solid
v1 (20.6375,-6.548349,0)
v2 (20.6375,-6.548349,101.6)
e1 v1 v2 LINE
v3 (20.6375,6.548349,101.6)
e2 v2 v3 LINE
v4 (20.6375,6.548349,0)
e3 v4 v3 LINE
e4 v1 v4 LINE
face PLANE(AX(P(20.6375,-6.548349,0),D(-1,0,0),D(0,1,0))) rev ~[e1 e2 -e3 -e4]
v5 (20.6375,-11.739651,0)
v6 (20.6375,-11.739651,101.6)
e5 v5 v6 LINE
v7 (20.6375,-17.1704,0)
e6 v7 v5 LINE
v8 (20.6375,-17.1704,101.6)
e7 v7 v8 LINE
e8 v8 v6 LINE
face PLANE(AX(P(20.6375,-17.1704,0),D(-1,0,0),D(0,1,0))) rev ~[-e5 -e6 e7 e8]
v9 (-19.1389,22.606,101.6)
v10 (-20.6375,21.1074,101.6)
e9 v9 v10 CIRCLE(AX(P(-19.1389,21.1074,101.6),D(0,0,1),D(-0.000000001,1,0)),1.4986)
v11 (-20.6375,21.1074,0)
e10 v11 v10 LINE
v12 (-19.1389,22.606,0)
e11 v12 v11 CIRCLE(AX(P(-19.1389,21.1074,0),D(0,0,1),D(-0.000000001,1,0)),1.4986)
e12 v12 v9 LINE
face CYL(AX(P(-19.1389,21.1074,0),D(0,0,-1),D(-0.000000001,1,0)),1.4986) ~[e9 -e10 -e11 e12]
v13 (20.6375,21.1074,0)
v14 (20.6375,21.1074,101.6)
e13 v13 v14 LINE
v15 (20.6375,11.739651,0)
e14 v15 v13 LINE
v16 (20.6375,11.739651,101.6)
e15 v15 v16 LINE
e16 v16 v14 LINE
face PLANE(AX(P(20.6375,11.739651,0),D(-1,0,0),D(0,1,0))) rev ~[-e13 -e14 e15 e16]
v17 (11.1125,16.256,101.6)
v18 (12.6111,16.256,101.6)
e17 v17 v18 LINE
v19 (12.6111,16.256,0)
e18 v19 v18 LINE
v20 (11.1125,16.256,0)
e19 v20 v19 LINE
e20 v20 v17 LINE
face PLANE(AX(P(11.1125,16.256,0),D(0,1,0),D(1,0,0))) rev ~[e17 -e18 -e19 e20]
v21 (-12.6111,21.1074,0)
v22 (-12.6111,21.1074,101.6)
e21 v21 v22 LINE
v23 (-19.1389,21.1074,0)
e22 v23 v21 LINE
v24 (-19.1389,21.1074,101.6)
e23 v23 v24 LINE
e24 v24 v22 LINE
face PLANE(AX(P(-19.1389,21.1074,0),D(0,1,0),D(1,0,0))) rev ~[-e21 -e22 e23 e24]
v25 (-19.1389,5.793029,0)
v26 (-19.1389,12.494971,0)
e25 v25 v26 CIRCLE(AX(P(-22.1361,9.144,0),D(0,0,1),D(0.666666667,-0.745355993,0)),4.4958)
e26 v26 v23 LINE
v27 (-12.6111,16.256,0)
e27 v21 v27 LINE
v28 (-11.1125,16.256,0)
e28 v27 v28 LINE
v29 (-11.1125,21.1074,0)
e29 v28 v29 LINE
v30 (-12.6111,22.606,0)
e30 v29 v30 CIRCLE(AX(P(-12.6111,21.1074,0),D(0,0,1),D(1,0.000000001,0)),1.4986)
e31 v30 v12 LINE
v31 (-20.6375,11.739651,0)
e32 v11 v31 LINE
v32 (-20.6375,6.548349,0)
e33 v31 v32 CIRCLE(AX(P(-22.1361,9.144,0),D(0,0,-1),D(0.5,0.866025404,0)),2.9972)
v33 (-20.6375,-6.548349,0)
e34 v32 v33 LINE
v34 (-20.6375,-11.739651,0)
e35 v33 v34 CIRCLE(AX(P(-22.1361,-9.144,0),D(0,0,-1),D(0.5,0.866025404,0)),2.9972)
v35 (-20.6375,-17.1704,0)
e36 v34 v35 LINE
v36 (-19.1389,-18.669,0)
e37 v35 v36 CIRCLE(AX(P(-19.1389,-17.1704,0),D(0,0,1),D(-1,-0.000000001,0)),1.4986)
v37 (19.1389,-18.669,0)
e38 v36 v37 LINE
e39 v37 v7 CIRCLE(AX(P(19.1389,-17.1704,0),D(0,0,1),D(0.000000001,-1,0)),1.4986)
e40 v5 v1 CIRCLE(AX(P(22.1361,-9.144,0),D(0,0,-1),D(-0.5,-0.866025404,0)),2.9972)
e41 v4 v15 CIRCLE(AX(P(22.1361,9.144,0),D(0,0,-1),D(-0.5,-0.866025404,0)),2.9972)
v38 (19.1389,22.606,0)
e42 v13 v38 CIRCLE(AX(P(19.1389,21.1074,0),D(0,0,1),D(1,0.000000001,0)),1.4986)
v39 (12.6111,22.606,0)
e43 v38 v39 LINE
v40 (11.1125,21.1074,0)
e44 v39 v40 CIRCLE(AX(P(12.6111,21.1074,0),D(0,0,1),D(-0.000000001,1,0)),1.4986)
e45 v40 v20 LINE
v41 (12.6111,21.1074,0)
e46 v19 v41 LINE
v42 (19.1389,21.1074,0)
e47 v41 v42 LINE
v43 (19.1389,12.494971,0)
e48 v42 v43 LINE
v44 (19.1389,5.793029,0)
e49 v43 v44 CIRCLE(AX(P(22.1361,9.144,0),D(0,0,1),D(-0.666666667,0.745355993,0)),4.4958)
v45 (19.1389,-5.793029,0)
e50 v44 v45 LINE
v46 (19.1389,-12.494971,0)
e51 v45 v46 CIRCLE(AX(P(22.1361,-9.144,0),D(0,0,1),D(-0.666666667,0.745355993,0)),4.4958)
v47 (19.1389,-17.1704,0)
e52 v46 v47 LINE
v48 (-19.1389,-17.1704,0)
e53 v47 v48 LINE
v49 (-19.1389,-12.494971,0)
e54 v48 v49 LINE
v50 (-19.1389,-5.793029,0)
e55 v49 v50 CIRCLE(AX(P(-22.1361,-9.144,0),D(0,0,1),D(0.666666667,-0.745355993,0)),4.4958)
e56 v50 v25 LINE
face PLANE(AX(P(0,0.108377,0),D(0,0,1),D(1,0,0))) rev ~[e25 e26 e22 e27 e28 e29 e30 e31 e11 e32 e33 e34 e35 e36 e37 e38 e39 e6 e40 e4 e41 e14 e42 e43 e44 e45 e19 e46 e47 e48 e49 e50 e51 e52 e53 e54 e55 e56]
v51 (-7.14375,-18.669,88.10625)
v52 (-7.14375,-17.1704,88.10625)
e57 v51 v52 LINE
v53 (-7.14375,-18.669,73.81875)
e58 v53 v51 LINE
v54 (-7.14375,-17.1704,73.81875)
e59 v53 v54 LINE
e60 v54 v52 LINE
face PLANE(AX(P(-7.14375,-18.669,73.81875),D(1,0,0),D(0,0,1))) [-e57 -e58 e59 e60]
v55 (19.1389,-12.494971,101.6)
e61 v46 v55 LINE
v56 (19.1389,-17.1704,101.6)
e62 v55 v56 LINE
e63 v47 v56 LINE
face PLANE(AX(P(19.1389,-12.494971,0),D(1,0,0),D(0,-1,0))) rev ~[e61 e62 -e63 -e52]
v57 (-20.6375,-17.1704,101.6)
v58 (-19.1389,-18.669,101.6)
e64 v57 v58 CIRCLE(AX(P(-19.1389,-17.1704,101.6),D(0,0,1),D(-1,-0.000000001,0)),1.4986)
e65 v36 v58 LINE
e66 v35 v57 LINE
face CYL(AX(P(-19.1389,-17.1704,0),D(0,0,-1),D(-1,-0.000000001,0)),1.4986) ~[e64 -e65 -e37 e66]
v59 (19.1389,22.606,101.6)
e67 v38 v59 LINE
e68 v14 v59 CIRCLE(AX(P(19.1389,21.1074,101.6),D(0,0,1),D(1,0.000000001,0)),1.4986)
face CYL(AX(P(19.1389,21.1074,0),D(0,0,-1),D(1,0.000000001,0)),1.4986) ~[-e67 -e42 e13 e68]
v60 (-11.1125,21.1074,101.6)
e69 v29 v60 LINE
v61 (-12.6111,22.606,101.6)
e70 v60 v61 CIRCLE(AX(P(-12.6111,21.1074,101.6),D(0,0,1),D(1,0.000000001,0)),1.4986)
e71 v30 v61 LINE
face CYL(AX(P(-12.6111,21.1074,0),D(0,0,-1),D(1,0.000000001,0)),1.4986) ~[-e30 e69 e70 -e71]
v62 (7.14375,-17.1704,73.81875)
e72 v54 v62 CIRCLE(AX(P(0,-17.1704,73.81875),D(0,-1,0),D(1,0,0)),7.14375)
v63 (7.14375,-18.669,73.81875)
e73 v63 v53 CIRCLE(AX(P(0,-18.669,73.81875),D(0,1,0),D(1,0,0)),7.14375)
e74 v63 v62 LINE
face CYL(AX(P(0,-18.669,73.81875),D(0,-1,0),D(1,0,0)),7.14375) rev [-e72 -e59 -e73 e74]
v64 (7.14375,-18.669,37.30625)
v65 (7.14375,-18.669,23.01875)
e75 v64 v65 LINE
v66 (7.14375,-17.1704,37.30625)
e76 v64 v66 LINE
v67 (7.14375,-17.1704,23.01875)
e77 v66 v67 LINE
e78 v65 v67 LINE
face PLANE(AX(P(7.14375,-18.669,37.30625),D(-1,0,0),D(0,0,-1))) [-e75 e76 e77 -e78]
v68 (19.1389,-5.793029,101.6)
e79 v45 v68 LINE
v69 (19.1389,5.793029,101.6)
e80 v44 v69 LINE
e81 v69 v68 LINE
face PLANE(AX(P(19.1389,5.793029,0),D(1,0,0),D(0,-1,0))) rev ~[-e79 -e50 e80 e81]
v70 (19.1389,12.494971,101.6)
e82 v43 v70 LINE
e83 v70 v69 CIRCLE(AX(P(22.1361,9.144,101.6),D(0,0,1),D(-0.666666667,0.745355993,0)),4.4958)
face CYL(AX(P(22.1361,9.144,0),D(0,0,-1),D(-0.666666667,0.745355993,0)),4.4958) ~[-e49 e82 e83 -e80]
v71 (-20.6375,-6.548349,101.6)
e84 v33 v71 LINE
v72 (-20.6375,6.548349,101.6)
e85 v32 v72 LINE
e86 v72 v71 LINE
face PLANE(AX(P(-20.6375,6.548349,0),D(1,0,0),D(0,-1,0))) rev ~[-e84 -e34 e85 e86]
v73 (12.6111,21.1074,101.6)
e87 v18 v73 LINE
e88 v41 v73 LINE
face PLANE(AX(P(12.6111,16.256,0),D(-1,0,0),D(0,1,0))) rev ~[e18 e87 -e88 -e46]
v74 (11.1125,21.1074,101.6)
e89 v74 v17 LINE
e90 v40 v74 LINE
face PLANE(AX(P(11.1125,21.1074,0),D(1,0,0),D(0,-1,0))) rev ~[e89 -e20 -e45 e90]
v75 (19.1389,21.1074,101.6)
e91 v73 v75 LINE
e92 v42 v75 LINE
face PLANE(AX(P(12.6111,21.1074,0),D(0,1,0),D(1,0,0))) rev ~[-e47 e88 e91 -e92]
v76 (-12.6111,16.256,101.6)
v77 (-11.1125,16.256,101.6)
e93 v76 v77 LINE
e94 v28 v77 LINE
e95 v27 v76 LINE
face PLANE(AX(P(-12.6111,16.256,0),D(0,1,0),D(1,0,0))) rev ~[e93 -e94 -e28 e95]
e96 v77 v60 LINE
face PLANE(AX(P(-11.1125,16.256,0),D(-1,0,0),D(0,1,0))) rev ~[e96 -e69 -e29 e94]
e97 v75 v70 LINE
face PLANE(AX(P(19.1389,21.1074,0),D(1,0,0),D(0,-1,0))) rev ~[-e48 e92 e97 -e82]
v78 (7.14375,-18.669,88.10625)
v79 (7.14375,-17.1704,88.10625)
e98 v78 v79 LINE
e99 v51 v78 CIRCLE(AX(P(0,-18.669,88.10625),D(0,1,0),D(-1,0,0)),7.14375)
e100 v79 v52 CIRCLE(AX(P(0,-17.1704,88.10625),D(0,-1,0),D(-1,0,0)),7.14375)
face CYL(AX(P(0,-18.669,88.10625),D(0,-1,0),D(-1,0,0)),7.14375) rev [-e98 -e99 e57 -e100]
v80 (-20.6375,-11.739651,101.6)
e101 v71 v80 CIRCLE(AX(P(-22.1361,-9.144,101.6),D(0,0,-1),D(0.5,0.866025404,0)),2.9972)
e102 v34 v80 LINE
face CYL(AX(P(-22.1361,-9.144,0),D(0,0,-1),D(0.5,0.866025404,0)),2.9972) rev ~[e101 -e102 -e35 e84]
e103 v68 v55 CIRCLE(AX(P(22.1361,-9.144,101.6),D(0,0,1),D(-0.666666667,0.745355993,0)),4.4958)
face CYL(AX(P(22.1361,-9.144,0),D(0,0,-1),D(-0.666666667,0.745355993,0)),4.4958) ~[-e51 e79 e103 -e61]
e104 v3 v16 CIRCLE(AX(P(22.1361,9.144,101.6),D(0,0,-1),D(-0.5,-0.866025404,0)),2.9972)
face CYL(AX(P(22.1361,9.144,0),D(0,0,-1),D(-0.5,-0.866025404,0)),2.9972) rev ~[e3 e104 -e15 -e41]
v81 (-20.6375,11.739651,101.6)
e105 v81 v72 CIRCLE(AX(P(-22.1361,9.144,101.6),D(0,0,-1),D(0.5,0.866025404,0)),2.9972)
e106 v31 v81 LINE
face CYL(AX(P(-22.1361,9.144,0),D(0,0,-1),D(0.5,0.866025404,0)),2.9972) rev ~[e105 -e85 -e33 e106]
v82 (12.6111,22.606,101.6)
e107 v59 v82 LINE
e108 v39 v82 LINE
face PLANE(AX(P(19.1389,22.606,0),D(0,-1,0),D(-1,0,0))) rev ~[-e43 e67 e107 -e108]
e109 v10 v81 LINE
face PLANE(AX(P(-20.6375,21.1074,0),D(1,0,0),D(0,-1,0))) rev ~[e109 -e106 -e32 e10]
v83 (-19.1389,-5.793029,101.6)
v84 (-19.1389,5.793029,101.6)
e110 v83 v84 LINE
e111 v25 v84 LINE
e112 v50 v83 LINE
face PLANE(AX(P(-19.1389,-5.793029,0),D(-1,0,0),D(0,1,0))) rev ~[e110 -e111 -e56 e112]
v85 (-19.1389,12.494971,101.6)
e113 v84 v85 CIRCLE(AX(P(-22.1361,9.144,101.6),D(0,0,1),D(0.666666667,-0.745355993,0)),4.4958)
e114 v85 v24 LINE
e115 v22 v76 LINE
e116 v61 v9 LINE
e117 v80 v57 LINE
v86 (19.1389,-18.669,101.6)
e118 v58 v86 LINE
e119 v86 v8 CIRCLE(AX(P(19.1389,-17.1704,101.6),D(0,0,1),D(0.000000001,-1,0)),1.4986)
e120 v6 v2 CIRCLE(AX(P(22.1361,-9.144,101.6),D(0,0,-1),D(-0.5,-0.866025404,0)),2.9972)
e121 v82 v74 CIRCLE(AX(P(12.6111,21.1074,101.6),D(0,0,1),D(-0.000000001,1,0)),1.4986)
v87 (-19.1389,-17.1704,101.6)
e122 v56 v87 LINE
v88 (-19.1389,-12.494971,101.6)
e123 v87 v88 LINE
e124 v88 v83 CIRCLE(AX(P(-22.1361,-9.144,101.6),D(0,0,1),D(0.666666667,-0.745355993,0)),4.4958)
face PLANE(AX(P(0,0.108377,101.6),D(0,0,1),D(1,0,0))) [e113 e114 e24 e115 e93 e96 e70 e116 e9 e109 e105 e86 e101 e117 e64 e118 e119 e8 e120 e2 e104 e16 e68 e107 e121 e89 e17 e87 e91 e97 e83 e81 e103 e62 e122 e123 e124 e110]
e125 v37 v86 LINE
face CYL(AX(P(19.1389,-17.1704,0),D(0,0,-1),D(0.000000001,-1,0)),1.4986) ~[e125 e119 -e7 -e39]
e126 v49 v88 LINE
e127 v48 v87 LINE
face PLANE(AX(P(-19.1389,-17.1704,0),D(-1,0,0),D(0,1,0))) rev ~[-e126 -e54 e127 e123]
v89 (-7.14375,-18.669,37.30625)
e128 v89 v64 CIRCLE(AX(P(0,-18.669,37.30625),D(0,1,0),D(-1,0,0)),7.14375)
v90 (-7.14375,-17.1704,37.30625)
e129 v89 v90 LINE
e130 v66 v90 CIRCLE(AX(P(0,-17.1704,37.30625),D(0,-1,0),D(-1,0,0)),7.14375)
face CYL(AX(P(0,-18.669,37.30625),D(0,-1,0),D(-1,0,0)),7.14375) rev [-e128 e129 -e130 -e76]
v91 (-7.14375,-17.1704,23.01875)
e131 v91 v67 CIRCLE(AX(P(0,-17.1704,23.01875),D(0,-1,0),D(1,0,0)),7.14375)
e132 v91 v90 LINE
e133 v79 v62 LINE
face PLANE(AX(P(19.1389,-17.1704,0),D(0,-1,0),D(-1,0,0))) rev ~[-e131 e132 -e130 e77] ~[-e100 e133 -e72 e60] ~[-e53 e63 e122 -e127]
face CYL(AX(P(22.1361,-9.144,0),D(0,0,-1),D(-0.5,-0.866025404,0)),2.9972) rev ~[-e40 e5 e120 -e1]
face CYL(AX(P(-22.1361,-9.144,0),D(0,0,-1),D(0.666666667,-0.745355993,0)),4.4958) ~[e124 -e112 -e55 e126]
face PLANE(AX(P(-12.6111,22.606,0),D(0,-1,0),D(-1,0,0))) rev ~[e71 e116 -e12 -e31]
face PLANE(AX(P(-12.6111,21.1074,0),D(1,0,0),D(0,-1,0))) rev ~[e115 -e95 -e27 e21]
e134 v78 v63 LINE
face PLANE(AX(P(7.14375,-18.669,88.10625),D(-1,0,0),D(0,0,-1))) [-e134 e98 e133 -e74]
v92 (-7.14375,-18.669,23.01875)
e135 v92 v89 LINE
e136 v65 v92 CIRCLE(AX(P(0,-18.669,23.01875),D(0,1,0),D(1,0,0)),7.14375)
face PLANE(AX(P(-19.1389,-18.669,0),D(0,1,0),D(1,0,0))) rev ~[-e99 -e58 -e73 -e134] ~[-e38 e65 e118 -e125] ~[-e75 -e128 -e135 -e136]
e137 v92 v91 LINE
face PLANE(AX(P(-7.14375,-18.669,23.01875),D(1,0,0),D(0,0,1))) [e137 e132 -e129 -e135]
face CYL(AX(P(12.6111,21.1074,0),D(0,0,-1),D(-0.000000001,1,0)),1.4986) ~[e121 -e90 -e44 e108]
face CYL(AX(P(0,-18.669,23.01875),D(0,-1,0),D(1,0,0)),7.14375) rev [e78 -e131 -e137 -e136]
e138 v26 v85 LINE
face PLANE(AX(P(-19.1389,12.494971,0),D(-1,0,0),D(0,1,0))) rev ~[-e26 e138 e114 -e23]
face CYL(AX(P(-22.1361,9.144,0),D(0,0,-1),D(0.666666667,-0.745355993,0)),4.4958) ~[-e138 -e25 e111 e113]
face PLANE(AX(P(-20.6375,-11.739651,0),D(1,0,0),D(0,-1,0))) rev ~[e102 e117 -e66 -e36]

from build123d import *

# Parameters (mm, degrees)
BASE_EXTRUDE_DEPTH = 101.6
SLOT_DEPTH         = 130.106385759
LPATTERN1_COUNT    = 2
LPATTERN1_PITCH    = 50.8


with BuildPart() as part:
    # Sketch1 → Base-Extrude (new body)
    with BuildSketch(Plane.XY):
        with BuildLine():
            Line((-20.6375, 21.1074), (-20.6375, 11.73965134))
            ThreePointArc((-20.6375, 11.73965134), (-19.1389, 9.144), (-20.6375, 6.54834866))
            Line((-20.6375, 6.54834866), (-20.6375, -6.54834866))
            ThreePointArc((-20.6375, -6.54834866), (-19.1389, -9.144), (-20.6375, -11.73965134))
            Line((-20.6375, -11.73965134), (-20.6375, -17.1704))
            ThreePointArc((-20.6375, -17.1704), (-20.198570222, -18.230070222), (-19.1389, -18.669))
            Line((-19.1389, -18.669), (19.1389, -18.669))
            ThreePointArc((19.1389, -18.669), (20.198570222, -18.230070222), (20.6375, -17.1704))
            Line((20.6375, -17.1704), (20.6375, -11.73965134))
            ThreePointArc((20.6375, -11.73965134), (19.1389, -9.144), (20.6375, -6.54834866))
            Line((20.6375, -6.54834866), (20.6375, 6.54834866))
            ThreePointArc((20.6375, 6.54834866), (19.1389, 9.144), (20.6375, 11.73965134))
            Line((20.6375, 11.73965134), (20.6375, 21.1074))
            ThreePointArc((20.6375, 21.1074), (20.198570222, 22.167070222), (19.1389, 22.606))
            Line((19.1389, 22.606), (12.6111, 22.606))
            ThreePointArc((12.6111, 22.606), (11.551429778, 22.167070222), (11.1125, 21.1074))
            Line((11.1125, 21.1074), (11.1125, 16.256))
            Line((11.1125, 16.256), (12.6111, 16.256))
            Line((12.6111, 16.256), (12.6111, 21.1074))
            Line((12.6111, 21.1074), (19.1389, 21.1074))
            Line((19.1389, 21.1074), (19.1389, 12.494971471))
            ThreePointArc((19.1389, 12.494971471), (17.6403, 9.144), (19.1389, 5.793028529))
            Line((19.1389, 5.793028529), (19.1389, -5.793028529))
            ThreePointArc((19.1389, -5.793028529), (17.6403, -9.144), (19.1389, -12.494971471))
            Line((19.1389, -12.494971471), (19.1389, -17.1704))
            Line((19.1389, -17.1704), (-19.1389, -17.1704))
            Line((-19.1389, -17.1704), (-19.1389, -12.494971471))
            ThreePointArc((-19.1389, -12.494971471), (-17.6403, -9.144), (-19.1389, -5.793028529))
            Line((-19.1389, -5.793028529), (-19.1389, 5.793028529))
            ThreePointArc((-19.1389, 5.793028529), (-17.6403, 9.144), (-19.1389, 12.494971471))
            Line((-19.1389, 12.494971471), (-19.1389, 21.1074))
            Line((-19.1389, 21.1074), (-12.6111, 21.1074))
            Line((-12.6111, 21.1074), (-12.6111, 16.256))
            Line((-12.6111, 16.256), (-11.1125, 16.256))
            Line((-11.1125, 16.256), (-11.1125, 21.1074))
            ThreePointArc((-11.1125, 21.1074), (-11.551429778, 22.167070222), (-12.6111, 22.606))
            Line((-12.6111, 22.606), (-19.1389, 22.606))
            ThreePointArc((-19.1389, 22.606), (-20.198570222, 22.167070222), (-20.6375, 21.1074))
        make_face()
    extrude(amount=BASE_EXTRUDE_DEPTH)

    # Sketch2 → Slot (cut, through all)
    with BuildSketch(Plane(origin=(1.121412804, -18.669, -18.780160044), x_dir=(1, 0, 0), z_dir=(0, -1, 0))):
        with BuildLine():
            Line((6.022337196, 56.086410044), (6.022337196, 41.798910044))
            ThreePointArc((6.022337196, 41.798910044), (-1.121412804, 34.655160044), (-8.265162804, 41.798910044))
            Line((-8.265162804, 41.798910044), (-8.265162804, 56.086410044))
            ThreePointArc((-8.265162804, 56.086410044), (-1.121412804, 63.230160044), (6.022337196, 56.086410044))
        make_face()
    slot = extrude(amount=-SLOT_DEPTH, mode=Mode.SUBTRACT)

    # LPattern1: Slot ×2
    with Locations(*[(0, 0, i * LPATTERN1_PITCH) for i in range(1, LPATTERN1_COUNT)]):
        add(slot, mode=Mode.SUBTRACT)


solid = part.part
